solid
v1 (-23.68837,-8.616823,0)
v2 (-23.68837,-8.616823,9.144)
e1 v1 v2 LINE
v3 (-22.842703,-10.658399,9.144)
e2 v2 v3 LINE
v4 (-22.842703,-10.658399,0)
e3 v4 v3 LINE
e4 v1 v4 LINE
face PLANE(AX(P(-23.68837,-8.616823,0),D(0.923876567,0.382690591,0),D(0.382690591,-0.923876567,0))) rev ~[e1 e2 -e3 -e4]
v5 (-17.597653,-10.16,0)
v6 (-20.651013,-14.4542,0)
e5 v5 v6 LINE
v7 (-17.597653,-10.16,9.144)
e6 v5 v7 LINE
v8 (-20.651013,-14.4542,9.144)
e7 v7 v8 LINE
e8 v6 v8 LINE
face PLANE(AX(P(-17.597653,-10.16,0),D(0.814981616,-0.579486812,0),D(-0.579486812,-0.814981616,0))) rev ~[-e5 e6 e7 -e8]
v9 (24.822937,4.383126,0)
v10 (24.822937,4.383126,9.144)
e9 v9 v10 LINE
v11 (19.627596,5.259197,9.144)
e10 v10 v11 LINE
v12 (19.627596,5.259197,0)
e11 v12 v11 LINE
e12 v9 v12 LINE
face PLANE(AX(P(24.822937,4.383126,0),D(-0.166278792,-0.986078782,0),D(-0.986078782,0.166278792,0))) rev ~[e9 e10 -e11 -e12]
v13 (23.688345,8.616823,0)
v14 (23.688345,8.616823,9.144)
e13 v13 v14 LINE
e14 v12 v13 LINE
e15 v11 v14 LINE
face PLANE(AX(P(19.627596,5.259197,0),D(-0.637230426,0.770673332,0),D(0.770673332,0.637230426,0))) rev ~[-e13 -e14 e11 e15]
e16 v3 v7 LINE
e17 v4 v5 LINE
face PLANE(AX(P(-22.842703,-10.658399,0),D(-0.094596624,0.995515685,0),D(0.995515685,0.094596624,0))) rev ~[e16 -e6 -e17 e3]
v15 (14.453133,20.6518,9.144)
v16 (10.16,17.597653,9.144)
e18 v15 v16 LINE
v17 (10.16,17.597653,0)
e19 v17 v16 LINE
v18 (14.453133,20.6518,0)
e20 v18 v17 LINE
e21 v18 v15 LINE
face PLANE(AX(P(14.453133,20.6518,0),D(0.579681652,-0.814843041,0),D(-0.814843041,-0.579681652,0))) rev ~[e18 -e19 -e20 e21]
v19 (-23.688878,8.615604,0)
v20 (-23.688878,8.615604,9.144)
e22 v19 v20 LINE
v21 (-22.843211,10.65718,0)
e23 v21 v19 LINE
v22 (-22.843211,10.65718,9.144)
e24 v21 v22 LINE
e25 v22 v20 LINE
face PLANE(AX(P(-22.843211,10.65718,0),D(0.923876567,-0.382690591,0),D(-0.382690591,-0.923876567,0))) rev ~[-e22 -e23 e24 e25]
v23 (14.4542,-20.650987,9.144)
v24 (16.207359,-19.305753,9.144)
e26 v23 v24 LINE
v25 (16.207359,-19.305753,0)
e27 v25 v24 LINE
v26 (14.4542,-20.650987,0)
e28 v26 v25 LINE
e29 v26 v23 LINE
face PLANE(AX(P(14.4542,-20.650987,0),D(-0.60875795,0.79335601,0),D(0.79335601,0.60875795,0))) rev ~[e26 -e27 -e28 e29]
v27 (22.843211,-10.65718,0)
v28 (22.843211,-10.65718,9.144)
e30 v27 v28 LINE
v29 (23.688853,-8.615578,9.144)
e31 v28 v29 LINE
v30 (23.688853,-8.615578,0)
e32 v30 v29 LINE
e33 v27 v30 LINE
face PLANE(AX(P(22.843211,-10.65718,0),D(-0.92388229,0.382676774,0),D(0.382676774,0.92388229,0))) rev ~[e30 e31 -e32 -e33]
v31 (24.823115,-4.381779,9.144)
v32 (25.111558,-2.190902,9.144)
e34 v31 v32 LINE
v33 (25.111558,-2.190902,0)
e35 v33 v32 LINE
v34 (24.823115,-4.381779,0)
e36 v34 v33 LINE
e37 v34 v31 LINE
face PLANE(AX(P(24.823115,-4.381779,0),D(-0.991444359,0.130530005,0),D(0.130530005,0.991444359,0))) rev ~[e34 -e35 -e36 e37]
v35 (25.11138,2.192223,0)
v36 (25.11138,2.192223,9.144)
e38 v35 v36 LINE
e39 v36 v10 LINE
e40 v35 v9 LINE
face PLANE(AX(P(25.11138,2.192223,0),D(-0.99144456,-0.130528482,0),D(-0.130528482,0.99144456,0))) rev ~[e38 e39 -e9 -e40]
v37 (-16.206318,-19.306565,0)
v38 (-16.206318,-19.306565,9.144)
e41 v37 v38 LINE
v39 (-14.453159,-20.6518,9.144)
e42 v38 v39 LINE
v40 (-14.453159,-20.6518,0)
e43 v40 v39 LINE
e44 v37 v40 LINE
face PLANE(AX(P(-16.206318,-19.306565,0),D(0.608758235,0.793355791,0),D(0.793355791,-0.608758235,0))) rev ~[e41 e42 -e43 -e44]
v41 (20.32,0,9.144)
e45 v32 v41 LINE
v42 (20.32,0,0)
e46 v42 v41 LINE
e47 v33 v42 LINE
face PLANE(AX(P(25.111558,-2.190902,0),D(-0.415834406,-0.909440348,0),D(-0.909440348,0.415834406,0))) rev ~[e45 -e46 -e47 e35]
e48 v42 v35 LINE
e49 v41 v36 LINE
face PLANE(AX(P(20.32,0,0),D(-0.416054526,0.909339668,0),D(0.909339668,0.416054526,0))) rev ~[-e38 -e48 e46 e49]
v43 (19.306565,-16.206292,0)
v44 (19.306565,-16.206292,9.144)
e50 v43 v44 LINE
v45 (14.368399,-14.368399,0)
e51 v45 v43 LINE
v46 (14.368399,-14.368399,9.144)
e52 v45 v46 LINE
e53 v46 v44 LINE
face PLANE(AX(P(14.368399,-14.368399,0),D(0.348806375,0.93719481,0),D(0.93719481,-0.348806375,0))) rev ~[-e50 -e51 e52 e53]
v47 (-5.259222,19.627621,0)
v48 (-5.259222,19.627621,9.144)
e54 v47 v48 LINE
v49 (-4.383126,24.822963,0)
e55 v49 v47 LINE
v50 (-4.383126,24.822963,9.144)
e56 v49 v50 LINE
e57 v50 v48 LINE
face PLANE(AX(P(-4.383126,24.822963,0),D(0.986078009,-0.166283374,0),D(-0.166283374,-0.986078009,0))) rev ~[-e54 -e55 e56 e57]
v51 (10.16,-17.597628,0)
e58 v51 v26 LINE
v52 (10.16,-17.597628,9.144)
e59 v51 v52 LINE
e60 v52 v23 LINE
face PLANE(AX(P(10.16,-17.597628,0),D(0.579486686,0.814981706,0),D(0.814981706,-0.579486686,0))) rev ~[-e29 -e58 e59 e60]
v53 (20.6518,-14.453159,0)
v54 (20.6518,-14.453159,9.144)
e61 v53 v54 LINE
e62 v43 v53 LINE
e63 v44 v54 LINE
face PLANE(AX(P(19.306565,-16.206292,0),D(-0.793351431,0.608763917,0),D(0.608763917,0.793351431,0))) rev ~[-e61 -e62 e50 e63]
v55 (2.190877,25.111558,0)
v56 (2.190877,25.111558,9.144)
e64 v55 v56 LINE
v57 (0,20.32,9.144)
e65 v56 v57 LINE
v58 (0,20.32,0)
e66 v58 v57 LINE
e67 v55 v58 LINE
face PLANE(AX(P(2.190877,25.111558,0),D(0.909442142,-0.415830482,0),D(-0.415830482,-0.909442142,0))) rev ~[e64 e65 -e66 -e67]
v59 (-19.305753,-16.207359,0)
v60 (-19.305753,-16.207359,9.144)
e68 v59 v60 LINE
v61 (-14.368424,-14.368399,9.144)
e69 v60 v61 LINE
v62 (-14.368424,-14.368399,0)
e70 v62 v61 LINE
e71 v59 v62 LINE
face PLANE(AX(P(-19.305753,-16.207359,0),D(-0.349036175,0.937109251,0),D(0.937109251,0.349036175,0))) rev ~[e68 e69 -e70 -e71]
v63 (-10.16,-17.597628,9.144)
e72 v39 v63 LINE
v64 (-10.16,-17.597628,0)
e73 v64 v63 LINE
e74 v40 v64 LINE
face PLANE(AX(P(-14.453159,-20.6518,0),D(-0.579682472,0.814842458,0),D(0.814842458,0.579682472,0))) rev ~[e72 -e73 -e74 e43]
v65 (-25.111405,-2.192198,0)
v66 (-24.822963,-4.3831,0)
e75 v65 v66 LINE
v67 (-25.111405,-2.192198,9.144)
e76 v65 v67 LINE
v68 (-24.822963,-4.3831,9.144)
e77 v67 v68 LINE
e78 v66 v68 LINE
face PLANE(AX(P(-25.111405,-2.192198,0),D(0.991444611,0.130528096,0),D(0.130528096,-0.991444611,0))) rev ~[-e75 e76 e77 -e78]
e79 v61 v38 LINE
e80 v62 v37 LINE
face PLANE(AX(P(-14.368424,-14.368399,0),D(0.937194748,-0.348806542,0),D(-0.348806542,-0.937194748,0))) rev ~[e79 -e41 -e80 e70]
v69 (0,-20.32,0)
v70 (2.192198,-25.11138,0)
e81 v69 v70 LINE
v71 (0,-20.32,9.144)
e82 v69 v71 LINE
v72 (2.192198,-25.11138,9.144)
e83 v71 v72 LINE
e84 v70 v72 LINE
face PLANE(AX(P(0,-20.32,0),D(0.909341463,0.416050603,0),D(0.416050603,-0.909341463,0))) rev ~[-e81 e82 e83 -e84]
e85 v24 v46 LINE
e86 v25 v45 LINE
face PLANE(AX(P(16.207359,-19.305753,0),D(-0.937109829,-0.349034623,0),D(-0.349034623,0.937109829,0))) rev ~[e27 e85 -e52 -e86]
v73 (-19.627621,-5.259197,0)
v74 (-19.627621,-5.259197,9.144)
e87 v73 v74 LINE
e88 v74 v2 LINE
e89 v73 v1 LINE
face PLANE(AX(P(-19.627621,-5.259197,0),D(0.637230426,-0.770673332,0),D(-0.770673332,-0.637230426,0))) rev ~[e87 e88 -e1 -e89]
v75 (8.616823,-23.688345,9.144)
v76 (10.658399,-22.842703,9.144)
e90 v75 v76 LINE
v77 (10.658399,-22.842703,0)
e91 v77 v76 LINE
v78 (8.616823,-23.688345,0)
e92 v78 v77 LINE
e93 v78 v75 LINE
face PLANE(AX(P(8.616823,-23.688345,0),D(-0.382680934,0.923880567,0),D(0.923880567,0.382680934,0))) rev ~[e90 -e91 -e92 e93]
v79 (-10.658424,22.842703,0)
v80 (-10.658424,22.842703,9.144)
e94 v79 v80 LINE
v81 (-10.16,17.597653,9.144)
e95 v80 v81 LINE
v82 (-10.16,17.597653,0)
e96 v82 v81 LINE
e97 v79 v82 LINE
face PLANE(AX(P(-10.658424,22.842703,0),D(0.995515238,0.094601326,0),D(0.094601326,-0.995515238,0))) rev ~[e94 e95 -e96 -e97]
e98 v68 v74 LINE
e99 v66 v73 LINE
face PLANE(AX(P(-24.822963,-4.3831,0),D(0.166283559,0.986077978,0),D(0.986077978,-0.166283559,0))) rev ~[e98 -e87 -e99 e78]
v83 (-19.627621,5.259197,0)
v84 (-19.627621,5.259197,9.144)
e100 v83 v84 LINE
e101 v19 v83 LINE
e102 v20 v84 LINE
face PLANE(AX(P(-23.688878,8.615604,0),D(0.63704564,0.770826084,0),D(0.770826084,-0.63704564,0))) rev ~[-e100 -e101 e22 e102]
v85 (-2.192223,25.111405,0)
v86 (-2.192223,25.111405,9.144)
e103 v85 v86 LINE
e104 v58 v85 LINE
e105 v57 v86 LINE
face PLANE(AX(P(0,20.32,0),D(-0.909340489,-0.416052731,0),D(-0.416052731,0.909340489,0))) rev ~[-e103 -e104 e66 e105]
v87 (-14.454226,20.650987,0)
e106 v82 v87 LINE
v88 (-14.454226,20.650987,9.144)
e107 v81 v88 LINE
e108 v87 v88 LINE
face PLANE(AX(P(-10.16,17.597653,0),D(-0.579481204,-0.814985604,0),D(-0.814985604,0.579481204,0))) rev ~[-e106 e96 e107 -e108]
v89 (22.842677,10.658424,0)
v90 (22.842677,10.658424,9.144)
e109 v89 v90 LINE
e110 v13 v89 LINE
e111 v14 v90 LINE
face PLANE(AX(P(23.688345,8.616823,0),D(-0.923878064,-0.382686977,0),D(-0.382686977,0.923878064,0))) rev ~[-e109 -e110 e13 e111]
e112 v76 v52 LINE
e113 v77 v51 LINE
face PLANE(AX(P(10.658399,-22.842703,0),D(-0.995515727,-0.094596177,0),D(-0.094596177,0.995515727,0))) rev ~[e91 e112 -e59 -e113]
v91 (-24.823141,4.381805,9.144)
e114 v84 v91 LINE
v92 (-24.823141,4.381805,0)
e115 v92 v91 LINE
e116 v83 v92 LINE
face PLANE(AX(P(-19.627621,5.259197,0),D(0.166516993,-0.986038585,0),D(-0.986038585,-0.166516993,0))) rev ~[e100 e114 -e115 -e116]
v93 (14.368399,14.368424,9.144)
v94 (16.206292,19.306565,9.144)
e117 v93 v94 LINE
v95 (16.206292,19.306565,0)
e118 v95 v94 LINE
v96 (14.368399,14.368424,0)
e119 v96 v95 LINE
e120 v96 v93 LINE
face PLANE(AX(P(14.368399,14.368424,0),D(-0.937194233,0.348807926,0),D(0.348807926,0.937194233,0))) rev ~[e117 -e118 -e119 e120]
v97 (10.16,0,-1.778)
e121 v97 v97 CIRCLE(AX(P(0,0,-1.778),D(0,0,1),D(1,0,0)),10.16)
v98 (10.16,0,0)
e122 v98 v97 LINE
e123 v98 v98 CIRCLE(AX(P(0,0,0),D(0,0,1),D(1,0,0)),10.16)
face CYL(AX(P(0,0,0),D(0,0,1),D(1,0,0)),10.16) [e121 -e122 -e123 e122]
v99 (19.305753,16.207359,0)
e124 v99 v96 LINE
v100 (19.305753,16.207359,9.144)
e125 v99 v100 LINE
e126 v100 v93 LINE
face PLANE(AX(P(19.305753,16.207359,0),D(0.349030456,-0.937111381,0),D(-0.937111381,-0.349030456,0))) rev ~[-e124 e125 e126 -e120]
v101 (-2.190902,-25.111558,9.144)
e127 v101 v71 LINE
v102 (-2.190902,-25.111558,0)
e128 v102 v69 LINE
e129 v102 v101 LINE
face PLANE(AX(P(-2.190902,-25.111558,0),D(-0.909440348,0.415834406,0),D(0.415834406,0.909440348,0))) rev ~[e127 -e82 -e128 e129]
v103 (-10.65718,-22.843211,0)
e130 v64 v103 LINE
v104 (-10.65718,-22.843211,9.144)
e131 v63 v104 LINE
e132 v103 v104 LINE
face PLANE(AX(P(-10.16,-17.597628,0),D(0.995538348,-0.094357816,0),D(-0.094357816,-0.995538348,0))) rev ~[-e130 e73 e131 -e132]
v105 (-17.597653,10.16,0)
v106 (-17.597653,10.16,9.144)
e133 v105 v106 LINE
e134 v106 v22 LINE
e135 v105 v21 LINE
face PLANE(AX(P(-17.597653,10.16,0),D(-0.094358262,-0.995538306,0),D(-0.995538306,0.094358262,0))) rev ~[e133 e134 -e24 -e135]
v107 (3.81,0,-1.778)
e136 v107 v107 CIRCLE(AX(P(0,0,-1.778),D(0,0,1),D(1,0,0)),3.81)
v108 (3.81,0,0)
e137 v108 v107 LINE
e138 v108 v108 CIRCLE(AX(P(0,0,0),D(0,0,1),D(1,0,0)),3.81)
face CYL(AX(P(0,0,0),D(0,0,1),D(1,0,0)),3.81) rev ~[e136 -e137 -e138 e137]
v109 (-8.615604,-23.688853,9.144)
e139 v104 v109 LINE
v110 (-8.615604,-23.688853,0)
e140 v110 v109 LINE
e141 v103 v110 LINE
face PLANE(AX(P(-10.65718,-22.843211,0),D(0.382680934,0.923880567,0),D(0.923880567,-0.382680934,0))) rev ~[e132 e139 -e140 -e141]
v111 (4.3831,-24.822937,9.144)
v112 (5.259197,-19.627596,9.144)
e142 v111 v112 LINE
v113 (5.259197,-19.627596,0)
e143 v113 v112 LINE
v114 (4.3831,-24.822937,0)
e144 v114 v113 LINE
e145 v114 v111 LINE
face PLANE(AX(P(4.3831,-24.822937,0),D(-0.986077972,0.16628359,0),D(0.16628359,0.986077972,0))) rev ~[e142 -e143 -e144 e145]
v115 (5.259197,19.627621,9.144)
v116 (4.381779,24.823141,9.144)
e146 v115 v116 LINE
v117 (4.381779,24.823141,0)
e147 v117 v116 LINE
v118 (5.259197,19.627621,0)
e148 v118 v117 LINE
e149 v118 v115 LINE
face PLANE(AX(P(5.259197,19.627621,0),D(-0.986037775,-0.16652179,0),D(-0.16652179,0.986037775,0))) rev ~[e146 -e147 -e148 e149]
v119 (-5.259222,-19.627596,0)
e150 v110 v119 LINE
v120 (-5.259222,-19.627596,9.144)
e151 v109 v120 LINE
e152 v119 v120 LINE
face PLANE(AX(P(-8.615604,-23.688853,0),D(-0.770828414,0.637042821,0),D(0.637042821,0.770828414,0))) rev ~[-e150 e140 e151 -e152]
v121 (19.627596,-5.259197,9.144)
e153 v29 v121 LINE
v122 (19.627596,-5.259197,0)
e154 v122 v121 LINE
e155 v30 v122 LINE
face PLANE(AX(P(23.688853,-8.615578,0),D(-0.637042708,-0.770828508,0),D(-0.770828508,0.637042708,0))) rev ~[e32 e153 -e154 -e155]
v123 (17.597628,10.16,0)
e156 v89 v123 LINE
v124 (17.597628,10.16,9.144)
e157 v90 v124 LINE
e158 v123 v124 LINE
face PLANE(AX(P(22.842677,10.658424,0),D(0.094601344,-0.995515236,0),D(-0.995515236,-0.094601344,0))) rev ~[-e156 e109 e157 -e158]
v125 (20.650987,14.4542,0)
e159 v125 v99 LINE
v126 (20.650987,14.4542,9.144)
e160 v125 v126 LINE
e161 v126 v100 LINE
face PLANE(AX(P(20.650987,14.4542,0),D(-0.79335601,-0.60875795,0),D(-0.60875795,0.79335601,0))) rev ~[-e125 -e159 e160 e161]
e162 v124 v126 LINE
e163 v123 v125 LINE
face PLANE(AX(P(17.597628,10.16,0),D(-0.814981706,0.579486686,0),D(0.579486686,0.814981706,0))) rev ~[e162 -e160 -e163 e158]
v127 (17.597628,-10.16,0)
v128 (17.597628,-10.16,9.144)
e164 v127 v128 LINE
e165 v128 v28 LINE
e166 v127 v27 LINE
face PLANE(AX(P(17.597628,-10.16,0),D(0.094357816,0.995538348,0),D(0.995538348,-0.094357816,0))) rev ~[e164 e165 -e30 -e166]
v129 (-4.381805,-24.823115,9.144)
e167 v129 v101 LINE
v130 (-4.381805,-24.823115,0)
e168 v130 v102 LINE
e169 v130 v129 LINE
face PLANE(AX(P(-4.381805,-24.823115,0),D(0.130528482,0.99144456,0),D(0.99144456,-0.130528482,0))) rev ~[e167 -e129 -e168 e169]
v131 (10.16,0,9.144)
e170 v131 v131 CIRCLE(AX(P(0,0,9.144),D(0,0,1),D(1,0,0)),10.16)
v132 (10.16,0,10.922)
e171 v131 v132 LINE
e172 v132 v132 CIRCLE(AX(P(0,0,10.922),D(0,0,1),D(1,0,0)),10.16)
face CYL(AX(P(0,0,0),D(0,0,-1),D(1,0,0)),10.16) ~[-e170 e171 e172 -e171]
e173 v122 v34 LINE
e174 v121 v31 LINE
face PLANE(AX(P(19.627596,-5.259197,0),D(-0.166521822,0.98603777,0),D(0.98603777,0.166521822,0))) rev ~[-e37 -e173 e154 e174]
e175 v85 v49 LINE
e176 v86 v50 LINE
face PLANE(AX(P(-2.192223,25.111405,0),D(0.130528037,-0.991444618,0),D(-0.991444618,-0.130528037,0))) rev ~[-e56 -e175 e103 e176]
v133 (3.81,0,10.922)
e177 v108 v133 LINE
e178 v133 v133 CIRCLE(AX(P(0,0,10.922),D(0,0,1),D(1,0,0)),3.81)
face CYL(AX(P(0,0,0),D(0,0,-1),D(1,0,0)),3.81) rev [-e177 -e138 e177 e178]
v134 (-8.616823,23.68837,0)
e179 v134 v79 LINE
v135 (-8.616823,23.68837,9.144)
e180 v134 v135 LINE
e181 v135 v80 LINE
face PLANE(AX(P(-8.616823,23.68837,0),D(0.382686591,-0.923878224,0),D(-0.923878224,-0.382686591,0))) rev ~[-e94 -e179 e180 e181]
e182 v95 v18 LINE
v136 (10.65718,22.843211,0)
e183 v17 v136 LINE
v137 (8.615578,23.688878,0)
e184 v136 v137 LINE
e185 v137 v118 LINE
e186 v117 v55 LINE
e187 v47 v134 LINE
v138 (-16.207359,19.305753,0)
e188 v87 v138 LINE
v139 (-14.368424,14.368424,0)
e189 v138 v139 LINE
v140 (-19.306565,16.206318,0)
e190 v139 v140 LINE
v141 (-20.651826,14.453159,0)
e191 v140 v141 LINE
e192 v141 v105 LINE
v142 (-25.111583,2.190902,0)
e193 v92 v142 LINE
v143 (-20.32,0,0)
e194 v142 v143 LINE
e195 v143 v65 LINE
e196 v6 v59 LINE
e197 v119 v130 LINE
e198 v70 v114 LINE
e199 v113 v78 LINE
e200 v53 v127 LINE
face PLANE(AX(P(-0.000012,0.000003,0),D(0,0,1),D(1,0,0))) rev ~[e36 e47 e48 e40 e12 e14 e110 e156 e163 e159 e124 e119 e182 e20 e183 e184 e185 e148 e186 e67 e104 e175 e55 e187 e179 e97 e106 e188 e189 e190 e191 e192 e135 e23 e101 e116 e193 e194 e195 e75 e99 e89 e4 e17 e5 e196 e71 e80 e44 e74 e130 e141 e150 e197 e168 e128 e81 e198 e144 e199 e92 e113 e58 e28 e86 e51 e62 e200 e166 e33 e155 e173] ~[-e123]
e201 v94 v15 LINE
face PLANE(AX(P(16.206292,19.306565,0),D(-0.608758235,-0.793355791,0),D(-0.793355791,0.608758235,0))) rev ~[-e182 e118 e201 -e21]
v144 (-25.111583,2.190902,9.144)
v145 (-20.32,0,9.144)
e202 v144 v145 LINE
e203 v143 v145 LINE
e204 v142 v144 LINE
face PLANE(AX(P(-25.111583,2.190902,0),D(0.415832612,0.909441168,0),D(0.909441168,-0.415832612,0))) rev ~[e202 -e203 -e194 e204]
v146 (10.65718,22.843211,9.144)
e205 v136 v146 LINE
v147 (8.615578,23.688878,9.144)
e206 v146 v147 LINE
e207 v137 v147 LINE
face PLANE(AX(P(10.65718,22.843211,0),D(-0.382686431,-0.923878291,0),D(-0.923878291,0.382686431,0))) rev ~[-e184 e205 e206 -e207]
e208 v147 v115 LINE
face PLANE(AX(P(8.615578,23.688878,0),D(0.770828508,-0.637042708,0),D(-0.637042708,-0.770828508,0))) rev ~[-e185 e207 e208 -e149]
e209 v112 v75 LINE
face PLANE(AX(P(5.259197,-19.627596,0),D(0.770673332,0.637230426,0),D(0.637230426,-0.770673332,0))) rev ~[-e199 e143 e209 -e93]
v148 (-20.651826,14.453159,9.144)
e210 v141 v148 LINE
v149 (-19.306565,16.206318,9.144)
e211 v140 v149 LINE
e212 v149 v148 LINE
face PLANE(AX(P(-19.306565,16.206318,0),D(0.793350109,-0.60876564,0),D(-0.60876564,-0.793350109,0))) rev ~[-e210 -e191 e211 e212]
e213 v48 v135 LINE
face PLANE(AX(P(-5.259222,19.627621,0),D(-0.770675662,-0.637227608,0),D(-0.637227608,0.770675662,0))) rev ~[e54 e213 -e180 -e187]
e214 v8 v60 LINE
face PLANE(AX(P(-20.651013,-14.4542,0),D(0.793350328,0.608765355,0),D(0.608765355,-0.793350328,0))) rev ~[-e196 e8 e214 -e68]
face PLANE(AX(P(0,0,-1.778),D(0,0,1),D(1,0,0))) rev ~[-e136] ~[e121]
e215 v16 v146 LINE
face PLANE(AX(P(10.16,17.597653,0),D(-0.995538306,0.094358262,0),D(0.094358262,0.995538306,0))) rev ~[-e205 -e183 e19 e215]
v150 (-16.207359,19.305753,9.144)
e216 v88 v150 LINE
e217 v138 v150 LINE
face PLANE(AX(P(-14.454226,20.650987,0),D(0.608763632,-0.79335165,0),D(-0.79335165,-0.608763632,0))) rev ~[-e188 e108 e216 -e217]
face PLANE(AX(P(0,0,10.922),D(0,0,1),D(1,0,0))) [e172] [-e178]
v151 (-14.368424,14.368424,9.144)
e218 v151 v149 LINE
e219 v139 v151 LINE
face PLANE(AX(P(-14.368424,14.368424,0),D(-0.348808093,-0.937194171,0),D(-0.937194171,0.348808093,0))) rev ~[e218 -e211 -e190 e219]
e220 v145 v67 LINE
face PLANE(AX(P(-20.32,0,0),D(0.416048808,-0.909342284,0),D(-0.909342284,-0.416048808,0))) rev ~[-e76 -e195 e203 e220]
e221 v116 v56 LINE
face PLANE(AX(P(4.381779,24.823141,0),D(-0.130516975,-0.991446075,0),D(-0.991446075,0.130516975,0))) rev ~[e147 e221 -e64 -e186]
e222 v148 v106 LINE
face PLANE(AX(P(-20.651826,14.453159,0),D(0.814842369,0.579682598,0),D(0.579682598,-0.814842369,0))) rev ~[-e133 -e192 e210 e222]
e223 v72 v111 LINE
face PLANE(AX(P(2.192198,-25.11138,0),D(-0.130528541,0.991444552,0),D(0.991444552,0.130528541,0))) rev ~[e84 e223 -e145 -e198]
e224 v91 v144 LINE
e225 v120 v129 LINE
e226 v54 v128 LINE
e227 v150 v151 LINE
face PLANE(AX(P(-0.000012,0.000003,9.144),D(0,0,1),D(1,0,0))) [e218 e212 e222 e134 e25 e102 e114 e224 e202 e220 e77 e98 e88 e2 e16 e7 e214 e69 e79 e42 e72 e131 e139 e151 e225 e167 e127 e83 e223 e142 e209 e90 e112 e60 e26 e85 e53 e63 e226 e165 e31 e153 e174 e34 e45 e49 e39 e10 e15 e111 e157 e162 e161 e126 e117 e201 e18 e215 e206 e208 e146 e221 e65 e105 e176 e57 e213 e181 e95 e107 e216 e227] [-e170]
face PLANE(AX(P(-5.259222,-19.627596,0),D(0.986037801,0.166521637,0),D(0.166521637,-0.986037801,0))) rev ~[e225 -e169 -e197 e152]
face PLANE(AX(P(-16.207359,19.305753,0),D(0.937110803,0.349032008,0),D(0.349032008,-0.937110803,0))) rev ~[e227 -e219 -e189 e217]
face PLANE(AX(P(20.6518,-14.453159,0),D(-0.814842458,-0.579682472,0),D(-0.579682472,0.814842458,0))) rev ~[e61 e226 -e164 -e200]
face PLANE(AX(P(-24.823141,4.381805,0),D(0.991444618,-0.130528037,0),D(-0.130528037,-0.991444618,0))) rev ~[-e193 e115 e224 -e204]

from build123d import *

# Parameters (mm, degrees)
F0_R     = 10.16
F1_DEPTH = 9.144
F0_R_2   = 3.81
F2_DEPTH = 10.922
F3_DEPTH = 1.778


with BuildPart() as f1:
    # F0 (on Top) → F1 (new body)
    with BuildSketch(Plane.XY):
        Polygon((-2.192223, 25.111405), (-4.383126, 24.822963), (-5.259222, 19.627621), (-8.616823, 23.68837), (-10.658424, 22.842703), (-10.16, 17.597653), (-14.454226, 20.650987), (-16.207359, 19.305753), (-14.368424, 14.368424), (-19.306565, 16.206318), (-20.651826, 14.453159), (-17.597653, 10.16), (-22.843211, 10.65718), (-23.688878, 8.615604), (-19.627621, 5.259197), (-24.823141, 4.381805), (-25.111583, 2.190902), (-20.32, 0), (-25.111405, -2.192198), (-24.822963, -4.3831), (-19.627621, -5.259197), (-23.68837, -8.616823), (-22.842703, -10.658399), (-17.597653, -10.16), (-20.651013, -14.4542), (-19.305753, -16.207359), (-14.368424, -14.368399), (-16.206318, -19.306565), (-14.453159, -20.6518), (-10.16, -17.597628), (-10.65718, -22.843211), (-8.615604, -23.688853), (-5.259222, -19.627596), (-4.381805, -24.823115), (-2.190902, -25.111558), (0, -20.32), (2.192198, -25.11138), (4.3831, -24.822937), (5.259197, -19.627596), (8.616823, -23.688345), (10.658399, -22.842703), (10.16, -17.597628), (14.4542, -20.650987), (16.207359, -19.305753), (14.368399, -14.368399), (19.306565, -16.206292), (20.6518, -14.453159), (17.597628, -10.16), (22.843211, -10.65718), (23.688853, -8.615578), (19.627596, -5.259197), (24.823115, -4.381779), (25.111558, -2.190902), (20.32, 0), (25.11138, 2.192223), (24.822937, 4.383126), (19.627596, 5.259197), (23.688345, 8.616823), (22.842677, 10.658424), (17.597628, 10.16), (20.650987, 14.4542), (19.305753, 16.207359), (14.368399, 14.368424), (16.206292, 19.306565), (14.453133, 20.6518), (10.16, 17.597653), (10.65718, 22.843211), (8.615578, 23.688878), (5.259197, 19.627621), (4.381779, 24.823141), (2.190877, 25.111558), (0, 20.32), align=None)
        Circle(F0_R, mode=Mode.SUBTRACT)
    extrude(amount=F1_DEPTH)

    # F0 (on Top) → F2 (join)
    with BuildSketch(Plane.XY):
        Circle(F0_R)
        Circle(F0_R_2, mode=Mode.SUBTRACT)
    extrude(amount=F2_DEPTH)

    # F0 (on Top) → F3 (join)
    with BuildSketch(Plane.XY):
        Circle(F0_R)
        Circle(F0_R_2, mode=Mode.SUBTRACT)
    extrude(amount=-F3_DEPTH)


solid = f1.part
